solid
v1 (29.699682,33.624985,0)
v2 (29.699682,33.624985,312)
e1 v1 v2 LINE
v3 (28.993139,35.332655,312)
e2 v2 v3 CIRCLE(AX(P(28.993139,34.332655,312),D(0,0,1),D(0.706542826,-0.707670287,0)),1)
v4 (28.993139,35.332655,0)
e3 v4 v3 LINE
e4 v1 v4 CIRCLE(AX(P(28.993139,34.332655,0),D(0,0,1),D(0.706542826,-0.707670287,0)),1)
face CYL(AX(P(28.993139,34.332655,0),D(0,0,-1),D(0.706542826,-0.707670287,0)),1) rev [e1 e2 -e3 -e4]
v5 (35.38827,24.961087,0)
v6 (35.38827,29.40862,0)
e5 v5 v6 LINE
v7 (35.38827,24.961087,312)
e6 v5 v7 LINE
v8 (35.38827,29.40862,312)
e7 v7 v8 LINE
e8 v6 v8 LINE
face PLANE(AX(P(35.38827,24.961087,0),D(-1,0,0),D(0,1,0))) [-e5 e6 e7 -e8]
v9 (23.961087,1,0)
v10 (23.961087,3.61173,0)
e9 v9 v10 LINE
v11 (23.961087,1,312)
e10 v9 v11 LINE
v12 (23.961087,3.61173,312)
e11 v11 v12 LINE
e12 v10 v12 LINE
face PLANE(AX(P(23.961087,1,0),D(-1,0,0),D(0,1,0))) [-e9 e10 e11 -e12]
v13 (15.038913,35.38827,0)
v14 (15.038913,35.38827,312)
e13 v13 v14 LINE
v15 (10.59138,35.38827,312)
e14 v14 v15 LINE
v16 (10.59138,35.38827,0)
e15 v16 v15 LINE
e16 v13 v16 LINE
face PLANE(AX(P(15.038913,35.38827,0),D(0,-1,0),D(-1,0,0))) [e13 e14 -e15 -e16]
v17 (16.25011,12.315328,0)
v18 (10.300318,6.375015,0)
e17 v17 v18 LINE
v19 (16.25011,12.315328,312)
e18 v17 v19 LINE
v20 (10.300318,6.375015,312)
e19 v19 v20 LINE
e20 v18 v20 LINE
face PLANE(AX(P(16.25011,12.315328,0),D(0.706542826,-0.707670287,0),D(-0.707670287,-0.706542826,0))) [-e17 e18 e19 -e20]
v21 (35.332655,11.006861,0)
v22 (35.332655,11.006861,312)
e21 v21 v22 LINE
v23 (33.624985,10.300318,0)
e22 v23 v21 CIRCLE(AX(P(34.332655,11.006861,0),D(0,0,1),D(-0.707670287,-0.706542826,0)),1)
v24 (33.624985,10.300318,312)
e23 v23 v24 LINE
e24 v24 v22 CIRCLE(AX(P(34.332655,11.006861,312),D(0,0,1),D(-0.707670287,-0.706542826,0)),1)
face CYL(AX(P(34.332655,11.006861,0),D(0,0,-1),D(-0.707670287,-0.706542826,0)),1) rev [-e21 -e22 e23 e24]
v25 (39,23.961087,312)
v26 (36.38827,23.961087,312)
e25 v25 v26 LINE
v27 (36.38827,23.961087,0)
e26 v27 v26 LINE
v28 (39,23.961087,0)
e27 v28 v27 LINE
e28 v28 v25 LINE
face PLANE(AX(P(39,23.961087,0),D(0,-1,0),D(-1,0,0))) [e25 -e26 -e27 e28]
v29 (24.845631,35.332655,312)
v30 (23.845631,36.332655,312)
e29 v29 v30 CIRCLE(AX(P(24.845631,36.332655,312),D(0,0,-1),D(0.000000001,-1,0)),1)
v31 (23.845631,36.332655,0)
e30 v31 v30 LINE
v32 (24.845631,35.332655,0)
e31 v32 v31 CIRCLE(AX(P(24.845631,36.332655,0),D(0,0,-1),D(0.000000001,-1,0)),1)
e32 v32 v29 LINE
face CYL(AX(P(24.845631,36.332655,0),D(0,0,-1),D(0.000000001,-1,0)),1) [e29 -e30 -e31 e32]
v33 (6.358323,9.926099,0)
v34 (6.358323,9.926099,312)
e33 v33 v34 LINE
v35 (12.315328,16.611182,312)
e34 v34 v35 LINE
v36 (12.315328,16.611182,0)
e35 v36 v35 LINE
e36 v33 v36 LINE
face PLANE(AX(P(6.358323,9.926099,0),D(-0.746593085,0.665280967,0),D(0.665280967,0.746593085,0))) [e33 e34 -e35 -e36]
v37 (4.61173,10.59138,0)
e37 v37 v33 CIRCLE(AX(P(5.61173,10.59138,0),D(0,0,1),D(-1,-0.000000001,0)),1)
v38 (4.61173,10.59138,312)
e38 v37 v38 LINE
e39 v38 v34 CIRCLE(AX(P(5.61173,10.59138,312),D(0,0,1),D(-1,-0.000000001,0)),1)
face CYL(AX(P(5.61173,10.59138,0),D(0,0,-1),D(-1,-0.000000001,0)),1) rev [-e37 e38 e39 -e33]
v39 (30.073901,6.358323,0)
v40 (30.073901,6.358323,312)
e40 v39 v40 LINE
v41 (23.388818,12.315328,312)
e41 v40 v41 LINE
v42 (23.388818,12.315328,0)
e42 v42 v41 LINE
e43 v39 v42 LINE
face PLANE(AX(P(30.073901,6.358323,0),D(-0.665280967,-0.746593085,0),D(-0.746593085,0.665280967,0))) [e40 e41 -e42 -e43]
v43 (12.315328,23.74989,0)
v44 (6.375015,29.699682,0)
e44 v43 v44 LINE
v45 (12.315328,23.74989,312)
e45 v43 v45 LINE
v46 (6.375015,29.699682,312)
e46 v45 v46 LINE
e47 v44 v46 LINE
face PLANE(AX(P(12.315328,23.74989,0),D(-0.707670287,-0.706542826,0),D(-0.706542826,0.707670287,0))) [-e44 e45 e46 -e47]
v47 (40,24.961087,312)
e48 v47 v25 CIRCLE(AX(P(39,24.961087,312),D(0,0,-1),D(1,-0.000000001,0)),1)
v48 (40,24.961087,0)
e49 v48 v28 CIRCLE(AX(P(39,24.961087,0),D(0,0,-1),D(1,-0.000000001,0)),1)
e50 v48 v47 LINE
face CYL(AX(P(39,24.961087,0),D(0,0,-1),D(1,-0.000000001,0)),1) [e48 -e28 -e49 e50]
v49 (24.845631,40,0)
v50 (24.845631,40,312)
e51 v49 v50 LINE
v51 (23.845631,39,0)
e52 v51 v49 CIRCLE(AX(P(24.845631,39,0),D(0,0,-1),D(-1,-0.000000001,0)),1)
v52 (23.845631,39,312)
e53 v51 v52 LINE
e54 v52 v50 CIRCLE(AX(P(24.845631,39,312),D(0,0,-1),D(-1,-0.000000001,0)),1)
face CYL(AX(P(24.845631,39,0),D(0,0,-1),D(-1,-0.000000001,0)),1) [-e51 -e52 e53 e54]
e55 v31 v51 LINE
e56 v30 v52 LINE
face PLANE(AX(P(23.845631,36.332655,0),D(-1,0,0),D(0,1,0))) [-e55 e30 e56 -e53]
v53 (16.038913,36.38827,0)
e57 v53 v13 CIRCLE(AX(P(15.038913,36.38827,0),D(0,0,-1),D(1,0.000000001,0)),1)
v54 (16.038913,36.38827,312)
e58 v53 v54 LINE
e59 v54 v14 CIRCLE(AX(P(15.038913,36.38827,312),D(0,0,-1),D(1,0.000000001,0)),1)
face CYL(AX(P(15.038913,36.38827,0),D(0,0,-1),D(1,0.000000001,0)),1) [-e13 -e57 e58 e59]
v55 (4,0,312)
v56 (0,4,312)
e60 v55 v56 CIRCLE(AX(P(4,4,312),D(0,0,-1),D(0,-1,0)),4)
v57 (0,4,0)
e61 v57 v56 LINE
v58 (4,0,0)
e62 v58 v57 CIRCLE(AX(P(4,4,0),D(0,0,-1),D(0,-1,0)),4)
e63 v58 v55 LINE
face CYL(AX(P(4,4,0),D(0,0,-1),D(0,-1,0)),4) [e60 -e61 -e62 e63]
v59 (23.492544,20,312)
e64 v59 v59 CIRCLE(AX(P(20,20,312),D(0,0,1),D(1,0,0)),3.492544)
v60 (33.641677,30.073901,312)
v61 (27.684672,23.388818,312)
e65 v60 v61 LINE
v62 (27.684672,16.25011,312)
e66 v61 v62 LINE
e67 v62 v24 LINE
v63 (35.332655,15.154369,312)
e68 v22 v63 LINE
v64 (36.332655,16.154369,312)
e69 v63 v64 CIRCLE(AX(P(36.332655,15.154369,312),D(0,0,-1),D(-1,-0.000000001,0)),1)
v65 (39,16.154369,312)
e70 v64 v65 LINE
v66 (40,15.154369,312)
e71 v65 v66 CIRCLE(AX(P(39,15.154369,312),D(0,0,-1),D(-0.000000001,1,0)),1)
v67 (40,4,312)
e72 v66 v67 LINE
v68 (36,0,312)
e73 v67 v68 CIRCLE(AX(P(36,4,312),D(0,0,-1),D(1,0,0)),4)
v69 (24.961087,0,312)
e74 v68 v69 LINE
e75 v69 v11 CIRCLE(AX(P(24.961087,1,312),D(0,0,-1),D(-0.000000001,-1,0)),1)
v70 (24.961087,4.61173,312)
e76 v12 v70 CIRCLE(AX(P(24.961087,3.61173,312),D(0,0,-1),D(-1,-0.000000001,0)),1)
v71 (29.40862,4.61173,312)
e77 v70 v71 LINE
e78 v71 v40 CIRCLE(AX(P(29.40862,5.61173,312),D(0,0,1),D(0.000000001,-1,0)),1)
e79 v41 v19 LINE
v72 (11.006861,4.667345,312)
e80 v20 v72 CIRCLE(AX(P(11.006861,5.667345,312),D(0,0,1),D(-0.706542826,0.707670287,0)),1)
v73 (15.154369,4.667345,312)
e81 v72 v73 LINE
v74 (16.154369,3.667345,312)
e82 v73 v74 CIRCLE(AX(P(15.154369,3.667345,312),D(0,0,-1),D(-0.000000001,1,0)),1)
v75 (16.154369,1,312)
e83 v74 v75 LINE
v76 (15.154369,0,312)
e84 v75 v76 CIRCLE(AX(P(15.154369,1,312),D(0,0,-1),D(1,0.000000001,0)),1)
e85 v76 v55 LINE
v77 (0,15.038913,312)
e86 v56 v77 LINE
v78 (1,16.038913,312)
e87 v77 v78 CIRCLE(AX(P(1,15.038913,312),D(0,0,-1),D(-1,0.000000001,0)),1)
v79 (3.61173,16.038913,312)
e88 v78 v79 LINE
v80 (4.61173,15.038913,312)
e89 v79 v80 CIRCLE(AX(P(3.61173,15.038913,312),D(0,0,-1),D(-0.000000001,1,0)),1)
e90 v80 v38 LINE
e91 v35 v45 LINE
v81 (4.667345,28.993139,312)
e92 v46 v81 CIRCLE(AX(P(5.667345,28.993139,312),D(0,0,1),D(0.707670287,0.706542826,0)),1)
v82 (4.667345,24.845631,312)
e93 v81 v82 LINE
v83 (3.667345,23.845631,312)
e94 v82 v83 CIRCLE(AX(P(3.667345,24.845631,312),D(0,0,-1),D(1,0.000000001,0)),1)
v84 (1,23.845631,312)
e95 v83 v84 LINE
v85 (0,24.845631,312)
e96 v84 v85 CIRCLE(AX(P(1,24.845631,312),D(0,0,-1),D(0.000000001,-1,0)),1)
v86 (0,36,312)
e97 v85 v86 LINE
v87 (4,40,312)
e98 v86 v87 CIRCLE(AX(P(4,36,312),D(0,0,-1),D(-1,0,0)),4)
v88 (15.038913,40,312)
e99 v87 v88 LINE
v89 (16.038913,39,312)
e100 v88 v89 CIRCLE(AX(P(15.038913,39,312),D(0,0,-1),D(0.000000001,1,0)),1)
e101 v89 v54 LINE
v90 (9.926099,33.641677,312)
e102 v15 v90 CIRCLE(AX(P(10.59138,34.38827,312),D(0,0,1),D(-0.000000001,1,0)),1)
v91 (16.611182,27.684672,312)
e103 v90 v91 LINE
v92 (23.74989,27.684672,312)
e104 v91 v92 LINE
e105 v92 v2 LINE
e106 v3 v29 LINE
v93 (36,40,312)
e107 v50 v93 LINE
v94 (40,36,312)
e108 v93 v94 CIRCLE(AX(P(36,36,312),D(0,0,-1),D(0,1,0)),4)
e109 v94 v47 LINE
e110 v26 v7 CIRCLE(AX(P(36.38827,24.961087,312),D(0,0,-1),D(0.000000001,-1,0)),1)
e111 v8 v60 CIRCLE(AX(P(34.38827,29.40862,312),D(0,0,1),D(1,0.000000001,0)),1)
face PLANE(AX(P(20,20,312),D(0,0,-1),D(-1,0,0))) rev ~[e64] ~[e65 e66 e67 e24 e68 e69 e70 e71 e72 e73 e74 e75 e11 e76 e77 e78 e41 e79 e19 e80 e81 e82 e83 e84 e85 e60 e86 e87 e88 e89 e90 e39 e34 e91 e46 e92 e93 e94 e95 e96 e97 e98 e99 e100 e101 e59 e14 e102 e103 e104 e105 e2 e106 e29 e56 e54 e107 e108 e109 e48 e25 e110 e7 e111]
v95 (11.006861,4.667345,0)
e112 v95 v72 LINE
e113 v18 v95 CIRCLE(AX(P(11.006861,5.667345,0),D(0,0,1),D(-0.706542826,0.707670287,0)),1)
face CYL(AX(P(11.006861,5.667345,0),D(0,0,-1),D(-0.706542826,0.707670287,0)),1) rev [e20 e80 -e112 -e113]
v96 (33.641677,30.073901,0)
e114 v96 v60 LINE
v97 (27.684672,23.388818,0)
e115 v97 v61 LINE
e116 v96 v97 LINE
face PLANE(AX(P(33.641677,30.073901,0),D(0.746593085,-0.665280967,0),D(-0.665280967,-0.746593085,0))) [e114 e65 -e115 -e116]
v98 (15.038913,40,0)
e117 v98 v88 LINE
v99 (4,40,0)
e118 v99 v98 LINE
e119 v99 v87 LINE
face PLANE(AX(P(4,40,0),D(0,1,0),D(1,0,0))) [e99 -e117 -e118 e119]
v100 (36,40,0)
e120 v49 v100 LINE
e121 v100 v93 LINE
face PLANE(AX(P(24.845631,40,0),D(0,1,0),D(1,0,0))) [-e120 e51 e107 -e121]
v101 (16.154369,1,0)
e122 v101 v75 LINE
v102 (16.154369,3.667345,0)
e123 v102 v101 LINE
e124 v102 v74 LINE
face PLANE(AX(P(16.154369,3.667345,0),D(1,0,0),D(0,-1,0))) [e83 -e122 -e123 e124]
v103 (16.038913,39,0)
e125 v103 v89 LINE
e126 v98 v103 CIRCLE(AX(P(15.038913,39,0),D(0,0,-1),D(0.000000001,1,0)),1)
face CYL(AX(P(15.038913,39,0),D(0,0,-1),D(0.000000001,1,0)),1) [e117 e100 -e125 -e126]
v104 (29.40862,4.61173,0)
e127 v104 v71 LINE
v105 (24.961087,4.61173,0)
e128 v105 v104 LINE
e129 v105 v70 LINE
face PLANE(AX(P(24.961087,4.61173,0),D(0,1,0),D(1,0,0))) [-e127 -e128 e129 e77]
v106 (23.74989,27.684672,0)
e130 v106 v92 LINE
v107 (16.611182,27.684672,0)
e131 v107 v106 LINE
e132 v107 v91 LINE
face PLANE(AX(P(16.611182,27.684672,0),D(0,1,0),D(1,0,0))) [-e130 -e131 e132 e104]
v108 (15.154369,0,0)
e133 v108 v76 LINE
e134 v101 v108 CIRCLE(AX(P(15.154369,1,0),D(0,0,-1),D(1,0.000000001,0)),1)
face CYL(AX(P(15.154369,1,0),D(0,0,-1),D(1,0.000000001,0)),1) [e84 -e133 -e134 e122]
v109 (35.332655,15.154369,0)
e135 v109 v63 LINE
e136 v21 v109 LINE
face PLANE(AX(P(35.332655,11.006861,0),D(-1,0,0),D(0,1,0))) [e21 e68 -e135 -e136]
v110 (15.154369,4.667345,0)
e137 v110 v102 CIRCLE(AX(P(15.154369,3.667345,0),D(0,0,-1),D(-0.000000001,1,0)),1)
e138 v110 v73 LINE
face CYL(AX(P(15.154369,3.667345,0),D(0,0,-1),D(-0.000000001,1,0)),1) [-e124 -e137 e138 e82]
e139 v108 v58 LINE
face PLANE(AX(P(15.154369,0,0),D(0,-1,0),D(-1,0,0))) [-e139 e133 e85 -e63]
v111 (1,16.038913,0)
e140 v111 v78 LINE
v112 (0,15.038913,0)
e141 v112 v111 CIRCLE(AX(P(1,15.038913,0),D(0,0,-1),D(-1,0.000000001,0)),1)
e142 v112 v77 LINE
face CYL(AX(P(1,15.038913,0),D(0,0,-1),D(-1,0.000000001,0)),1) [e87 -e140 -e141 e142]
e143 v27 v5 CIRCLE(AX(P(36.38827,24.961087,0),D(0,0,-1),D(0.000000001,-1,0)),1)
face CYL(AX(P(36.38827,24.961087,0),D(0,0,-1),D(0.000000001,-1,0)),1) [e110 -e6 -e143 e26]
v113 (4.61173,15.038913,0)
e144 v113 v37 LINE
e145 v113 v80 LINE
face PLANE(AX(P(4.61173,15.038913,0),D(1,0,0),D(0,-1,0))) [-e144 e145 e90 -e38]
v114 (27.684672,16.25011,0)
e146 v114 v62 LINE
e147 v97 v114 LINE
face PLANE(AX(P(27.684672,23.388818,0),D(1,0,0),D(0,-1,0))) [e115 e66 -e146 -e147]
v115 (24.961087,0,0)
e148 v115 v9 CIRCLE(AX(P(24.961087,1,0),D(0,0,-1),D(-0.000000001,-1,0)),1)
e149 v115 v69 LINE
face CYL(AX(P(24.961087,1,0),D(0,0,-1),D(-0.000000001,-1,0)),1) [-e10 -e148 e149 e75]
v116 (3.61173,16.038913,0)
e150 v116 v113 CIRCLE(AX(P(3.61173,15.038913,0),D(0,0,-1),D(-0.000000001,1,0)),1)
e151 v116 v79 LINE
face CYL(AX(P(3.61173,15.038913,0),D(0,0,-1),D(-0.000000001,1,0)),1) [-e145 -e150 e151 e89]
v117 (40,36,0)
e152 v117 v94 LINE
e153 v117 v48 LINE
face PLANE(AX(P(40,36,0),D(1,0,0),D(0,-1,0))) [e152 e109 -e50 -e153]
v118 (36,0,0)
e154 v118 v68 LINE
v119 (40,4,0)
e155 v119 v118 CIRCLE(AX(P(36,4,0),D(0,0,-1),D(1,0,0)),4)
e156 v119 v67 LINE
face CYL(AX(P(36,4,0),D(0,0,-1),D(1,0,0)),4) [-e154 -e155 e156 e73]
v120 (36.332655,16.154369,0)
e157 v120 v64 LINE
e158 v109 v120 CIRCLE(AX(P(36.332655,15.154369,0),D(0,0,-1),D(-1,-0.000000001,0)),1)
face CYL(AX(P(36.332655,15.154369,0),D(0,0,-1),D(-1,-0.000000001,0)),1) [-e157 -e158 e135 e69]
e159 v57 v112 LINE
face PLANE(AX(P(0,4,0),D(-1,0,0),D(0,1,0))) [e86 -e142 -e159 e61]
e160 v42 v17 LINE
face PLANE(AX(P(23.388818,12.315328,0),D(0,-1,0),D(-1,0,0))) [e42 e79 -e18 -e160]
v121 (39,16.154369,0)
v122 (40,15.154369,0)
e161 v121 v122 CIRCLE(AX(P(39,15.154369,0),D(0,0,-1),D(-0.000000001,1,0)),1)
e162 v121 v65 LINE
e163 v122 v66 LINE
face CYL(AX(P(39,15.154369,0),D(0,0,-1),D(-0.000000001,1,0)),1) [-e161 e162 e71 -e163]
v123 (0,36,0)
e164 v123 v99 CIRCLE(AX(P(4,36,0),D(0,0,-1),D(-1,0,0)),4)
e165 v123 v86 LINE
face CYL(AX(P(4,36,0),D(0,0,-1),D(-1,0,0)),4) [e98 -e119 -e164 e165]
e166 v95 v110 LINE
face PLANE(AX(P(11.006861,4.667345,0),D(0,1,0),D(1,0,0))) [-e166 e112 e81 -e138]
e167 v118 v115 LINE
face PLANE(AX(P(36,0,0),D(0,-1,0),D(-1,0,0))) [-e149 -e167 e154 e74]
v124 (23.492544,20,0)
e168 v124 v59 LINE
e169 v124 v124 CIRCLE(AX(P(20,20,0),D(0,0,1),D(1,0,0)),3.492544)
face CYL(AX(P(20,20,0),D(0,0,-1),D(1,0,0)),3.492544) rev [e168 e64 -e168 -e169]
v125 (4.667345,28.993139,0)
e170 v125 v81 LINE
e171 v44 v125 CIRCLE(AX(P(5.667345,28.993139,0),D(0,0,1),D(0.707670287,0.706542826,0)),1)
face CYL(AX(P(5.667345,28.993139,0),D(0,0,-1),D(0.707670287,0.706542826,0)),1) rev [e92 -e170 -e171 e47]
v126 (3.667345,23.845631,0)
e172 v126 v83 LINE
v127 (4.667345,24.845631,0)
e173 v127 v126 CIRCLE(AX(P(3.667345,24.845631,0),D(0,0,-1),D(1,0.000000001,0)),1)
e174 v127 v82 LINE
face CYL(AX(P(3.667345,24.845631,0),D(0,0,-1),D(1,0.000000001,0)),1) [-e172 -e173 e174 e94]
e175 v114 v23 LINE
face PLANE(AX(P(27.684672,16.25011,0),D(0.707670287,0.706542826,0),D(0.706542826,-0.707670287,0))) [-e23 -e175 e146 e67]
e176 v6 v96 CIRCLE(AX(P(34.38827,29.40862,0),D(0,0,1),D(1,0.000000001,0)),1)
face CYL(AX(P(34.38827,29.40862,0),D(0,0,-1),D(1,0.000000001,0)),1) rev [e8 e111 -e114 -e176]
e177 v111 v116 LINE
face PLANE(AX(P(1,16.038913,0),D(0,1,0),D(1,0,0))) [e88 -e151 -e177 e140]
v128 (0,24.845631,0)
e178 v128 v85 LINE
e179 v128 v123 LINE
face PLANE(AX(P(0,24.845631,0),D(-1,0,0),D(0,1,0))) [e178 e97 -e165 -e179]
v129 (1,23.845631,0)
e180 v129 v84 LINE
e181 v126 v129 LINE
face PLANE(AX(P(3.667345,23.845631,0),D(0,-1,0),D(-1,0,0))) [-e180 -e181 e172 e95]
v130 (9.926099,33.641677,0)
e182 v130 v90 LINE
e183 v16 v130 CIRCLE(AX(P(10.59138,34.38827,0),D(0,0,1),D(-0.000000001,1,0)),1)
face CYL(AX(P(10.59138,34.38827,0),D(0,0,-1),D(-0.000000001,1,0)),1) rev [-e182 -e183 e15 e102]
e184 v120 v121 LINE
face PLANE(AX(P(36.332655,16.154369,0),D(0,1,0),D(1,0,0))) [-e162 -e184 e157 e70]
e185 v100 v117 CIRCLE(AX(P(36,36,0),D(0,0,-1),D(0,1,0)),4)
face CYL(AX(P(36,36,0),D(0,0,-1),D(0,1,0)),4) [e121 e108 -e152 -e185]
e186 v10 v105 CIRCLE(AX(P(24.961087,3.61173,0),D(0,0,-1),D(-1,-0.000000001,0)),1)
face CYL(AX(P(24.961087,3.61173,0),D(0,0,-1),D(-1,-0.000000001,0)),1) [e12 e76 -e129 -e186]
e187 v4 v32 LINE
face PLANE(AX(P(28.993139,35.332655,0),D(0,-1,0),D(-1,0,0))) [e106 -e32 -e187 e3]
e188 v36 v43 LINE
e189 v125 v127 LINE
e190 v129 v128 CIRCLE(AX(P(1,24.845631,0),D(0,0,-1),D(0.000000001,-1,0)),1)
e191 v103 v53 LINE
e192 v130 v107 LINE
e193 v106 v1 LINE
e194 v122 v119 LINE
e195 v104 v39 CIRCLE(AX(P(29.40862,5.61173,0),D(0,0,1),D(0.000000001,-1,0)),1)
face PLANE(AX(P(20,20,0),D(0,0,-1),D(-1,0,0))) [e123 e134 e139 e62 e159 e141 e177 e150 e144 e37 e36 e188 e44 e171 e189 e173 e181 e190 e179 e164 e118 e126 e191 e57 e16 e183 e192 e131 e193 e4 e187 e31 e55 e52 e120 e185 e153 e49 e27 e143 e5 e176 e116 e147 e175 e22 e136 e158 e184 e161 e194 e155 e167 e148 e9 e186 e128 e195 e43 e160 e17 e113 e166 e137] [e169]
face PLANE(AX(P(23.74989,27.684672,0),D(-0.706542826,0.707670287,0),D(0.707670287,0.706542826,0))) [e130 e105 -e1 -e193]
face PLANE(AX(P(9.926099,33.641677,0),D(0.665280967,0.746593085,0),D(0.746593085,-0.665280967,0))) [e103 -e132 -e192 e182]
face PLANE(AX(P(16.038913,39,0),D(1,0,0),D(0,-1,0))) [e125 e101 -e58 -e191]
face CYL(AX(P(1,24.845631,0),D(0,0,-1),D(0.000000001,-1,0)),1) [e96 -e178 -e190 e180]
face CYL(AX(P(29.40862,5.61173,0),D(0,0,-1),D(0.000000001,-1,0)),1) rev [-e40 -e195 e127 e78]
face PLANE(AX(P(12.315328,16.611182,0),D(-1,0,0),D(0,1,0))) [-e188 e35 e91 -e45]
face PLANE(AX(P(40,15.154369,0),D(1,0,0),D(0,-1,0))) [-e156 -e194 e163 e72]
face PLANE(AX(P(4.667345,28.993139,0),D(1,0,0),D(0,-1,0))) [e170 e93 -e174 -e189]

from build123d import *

# Parameters (mm, degrees)
SKETCH2_R           = 3.492543695
BOSS_EXTRUDE1_DEPTH = 312


with BuildPart() as part:
    # Sketch2 → Boss-Extrude1 (new body)
    with BuildSketch(Plane.XY):
        with BuildLine():
            Line((19.48831917, 27.684671829), (23.749889801, 27.684671829))
            Line((23.749889801, 27.684671829), (29.699681879, 33.624984685))
            ThreePointArc((29.699681879, 33.624984685), (29.917171057, 34.714970099), (28.993139054, 35.332654972))
            Line((28.993139054, 35.332654972), (24.845630957, 35.332654972))
            ThreePointArc((24.845630957, 35.332654972), (24.138524175, 35.625548191), (23.845630957, 36.332654972))
            Line((23.845630957, 36.332654972), (23.845630957, 39))
            ThreePointArc((23.845630957, 39), (24.138524175, 39.707106781), (24.845630957, 40))
            Line((24.845630957, 40), (36, 40))
            ThreePointArc((36, 40), (38.828427125, 38.828427125), (40, 36))
            Line((40, 36), (40, 24.961087436))
            ThreePointArc((40, 24.961087436), (39.707106781, 24.253980655), (39, 23.961087436))
            Line((39, 23.961087436), (36.388269628, 23.961087436))
            ThreePointArc((36.388269628, 23.961087436), (35.681162846, 24.253980655), (35.388269628, 24.961087436))
            Line((35.388269628, 24.961087436), (35.388269628, 29.408620307))
            ThreePointArc((35.388269628, 29.408620307), (34.744223919, 30.343123673), (33.641676542, 30.073901274))
            Line((33.641676542, 30.073901274), (27.684671829, 23.388818206))
            Line((27.684671829, 23.388818206), (27.684671829, 20.51168083))
            Line((27.684671829, 20.51168083), (27.684671829, 16.250110199))
            Line((27.684671829, 16.250110199), (33.624984685, 10.300318121))
            ThreePointArc((33.624984685, 10.300318121), (34.714970099, 10.082828943), (35.332654972, 11.006860946))
            Line((35.332654972, 11.006860946), (35.332654972, 15.154369043))
            ThreePointArc((35.332654972, 15.154369043), (35.625548191, 15.861475825), (36.332654972, 16.154369043))
            Line((36.332654972, 16.154369043), (39, 16.154369043))
            ThreePointArc((39, 16.154369043), (39.707106781, 15.861475825), (40, 15.154369043))
            Line((40, 15.154369043), (40, 4))
            ThreePointArc((40, 4), (38.828427125, 1.171572875), (36, 0))
            Line((36, 0), (24.961087436, 0))
            ThreePointArc((24.961087436, 0), (24.253980655, 0.292893219), (23.961087436, 1))
            Line((23.961087436, 1), (23.961087436, 3.611730372))
            ThreePointArc((23.961087436, 3.611730372), (24.253980655, 4.318837154), (24.961087436, 4.611730372))
            Line((24.961087436, 4.611730372), (29.408620307, 4.611730372))
            ThreePointArc((29.408620307, 4.611730372), (30.343123673, 5.255776081), (30.073901274, 6.358323458))
            Line((30.073901274, 6.358323458), (23.388818206, 12.315328171))
            Line((23.388818206, 12.315328171), (20.51168083, 12.315328171))
            Line((20.51168083, 12.315328171), (16.250110199, 12.315328171))
            Line((16.250110199, 12.315328171), (10.300318121, 6.375015315))
            ThreePointArc((10.300318121, 6.375015315), (10.082828943, 5.285029901), (11.006860946, 4.667345028))
            Line((11.006860946, 4.667345028), (15.154369043, 4.667345028))
            ThreePointArc((15.154369043, 4.667345028), (15.861475825, 4.374451809), (16.154369043, 3.667345028))
            Line((16.154369043, 3.667345028), (16.154369043, 1))
            ThreePointArc((16.154369043, 1), (15.861475825, 0.292893219), (15.154369043, 0))
            Line((15.154369043, 0), (4, 0))
            ThreePointArc((4, 0), (1.171572875, 1.171572875), (0, 4))
            Line((0, 4), (0, 15.038912564))
            ThreePointArc((0, 15.038912564), (0.292893219, 15.746019345), (1, 16.038912564))
            Line((1, 16.038912564), (3.611730372, 16.038912564))
            ThreePointArc((3.611730372, 16.038912564), (4.318837154, 15.746019345), (4.611730372, 15.038912564))
            Line((4.611730372, 15.038912564), (4.611730372, 10.591379693))
            ThreePointArc((4.611730372, 10.591379693), (5.255776081, 9.656876327), (6.358323458, 9.926098726))
            Line((6.358323458, 9.926098726), (12.315328171, 16.611181794))
            Line((12.315328171, 16.611181794), (12.315328171, 19.48831917))
            Line((12.315328171, 19.48831917), (12.315328171, 23.749889801))
            Line((12.315328171, 23.749889801), (6.375015315, 29.699681879))
            ThreePointArc((6.375015315, 29.699681879), (5.285029901, 29.917171057), (4.667345028, 28.993139054))
            Line((4.667345028, 28.993139054), (4.667345028, 24.845630957))
            ThreePointArc((4.667345028, 24.845630957), (4.374451809, 24.138524175), (3.667345028, 23.845630957))
            Line((3.667345028, 23.845630957), (1, 23.845630957))
            ThreePointArc((1, 23.845630957), (0.292893219, 24.138524175), (0, 24.845630957))
            Line((0, 24.845630957), (0, 36))
            ThreePointArc((0, 36), (1.171572875, 38.828427125), (4, 40))
            Line((4, 40), (15.038912564, 40))
            ThreePointArc((15.038912564, 40), (15.746019345, 39.707106781), (16.038912564, 39))
            Line((16.038912564, 39), (16.038912564, 36.388269628))
            ThreePointArc((16.038912564, 36.388269628), (15.746019345, 35.681162846), (15.038912564, 35.388269628))
            Line((15.038912564, 35.388269628), (10.591379693, 35.388269628))
            ThreePointArc((10.591379693, 35.388269628), (9.656876327, 34.744223919), (9.926098726, 33.641676542))
            Line((9.926098726, 33.641676542), (16.611181794, 27.684671829))
            Line((16.611181794, 27.684671829), (19.48831917, 27.684671829))
        make_face()
        with Locations((20, 20)):
            Circle(SKETCH2_R, mode=Mode.SUBTRACT)
    extrude(amount=BOSS_EXTRUDE1_DEPTH)


solid = part.part
